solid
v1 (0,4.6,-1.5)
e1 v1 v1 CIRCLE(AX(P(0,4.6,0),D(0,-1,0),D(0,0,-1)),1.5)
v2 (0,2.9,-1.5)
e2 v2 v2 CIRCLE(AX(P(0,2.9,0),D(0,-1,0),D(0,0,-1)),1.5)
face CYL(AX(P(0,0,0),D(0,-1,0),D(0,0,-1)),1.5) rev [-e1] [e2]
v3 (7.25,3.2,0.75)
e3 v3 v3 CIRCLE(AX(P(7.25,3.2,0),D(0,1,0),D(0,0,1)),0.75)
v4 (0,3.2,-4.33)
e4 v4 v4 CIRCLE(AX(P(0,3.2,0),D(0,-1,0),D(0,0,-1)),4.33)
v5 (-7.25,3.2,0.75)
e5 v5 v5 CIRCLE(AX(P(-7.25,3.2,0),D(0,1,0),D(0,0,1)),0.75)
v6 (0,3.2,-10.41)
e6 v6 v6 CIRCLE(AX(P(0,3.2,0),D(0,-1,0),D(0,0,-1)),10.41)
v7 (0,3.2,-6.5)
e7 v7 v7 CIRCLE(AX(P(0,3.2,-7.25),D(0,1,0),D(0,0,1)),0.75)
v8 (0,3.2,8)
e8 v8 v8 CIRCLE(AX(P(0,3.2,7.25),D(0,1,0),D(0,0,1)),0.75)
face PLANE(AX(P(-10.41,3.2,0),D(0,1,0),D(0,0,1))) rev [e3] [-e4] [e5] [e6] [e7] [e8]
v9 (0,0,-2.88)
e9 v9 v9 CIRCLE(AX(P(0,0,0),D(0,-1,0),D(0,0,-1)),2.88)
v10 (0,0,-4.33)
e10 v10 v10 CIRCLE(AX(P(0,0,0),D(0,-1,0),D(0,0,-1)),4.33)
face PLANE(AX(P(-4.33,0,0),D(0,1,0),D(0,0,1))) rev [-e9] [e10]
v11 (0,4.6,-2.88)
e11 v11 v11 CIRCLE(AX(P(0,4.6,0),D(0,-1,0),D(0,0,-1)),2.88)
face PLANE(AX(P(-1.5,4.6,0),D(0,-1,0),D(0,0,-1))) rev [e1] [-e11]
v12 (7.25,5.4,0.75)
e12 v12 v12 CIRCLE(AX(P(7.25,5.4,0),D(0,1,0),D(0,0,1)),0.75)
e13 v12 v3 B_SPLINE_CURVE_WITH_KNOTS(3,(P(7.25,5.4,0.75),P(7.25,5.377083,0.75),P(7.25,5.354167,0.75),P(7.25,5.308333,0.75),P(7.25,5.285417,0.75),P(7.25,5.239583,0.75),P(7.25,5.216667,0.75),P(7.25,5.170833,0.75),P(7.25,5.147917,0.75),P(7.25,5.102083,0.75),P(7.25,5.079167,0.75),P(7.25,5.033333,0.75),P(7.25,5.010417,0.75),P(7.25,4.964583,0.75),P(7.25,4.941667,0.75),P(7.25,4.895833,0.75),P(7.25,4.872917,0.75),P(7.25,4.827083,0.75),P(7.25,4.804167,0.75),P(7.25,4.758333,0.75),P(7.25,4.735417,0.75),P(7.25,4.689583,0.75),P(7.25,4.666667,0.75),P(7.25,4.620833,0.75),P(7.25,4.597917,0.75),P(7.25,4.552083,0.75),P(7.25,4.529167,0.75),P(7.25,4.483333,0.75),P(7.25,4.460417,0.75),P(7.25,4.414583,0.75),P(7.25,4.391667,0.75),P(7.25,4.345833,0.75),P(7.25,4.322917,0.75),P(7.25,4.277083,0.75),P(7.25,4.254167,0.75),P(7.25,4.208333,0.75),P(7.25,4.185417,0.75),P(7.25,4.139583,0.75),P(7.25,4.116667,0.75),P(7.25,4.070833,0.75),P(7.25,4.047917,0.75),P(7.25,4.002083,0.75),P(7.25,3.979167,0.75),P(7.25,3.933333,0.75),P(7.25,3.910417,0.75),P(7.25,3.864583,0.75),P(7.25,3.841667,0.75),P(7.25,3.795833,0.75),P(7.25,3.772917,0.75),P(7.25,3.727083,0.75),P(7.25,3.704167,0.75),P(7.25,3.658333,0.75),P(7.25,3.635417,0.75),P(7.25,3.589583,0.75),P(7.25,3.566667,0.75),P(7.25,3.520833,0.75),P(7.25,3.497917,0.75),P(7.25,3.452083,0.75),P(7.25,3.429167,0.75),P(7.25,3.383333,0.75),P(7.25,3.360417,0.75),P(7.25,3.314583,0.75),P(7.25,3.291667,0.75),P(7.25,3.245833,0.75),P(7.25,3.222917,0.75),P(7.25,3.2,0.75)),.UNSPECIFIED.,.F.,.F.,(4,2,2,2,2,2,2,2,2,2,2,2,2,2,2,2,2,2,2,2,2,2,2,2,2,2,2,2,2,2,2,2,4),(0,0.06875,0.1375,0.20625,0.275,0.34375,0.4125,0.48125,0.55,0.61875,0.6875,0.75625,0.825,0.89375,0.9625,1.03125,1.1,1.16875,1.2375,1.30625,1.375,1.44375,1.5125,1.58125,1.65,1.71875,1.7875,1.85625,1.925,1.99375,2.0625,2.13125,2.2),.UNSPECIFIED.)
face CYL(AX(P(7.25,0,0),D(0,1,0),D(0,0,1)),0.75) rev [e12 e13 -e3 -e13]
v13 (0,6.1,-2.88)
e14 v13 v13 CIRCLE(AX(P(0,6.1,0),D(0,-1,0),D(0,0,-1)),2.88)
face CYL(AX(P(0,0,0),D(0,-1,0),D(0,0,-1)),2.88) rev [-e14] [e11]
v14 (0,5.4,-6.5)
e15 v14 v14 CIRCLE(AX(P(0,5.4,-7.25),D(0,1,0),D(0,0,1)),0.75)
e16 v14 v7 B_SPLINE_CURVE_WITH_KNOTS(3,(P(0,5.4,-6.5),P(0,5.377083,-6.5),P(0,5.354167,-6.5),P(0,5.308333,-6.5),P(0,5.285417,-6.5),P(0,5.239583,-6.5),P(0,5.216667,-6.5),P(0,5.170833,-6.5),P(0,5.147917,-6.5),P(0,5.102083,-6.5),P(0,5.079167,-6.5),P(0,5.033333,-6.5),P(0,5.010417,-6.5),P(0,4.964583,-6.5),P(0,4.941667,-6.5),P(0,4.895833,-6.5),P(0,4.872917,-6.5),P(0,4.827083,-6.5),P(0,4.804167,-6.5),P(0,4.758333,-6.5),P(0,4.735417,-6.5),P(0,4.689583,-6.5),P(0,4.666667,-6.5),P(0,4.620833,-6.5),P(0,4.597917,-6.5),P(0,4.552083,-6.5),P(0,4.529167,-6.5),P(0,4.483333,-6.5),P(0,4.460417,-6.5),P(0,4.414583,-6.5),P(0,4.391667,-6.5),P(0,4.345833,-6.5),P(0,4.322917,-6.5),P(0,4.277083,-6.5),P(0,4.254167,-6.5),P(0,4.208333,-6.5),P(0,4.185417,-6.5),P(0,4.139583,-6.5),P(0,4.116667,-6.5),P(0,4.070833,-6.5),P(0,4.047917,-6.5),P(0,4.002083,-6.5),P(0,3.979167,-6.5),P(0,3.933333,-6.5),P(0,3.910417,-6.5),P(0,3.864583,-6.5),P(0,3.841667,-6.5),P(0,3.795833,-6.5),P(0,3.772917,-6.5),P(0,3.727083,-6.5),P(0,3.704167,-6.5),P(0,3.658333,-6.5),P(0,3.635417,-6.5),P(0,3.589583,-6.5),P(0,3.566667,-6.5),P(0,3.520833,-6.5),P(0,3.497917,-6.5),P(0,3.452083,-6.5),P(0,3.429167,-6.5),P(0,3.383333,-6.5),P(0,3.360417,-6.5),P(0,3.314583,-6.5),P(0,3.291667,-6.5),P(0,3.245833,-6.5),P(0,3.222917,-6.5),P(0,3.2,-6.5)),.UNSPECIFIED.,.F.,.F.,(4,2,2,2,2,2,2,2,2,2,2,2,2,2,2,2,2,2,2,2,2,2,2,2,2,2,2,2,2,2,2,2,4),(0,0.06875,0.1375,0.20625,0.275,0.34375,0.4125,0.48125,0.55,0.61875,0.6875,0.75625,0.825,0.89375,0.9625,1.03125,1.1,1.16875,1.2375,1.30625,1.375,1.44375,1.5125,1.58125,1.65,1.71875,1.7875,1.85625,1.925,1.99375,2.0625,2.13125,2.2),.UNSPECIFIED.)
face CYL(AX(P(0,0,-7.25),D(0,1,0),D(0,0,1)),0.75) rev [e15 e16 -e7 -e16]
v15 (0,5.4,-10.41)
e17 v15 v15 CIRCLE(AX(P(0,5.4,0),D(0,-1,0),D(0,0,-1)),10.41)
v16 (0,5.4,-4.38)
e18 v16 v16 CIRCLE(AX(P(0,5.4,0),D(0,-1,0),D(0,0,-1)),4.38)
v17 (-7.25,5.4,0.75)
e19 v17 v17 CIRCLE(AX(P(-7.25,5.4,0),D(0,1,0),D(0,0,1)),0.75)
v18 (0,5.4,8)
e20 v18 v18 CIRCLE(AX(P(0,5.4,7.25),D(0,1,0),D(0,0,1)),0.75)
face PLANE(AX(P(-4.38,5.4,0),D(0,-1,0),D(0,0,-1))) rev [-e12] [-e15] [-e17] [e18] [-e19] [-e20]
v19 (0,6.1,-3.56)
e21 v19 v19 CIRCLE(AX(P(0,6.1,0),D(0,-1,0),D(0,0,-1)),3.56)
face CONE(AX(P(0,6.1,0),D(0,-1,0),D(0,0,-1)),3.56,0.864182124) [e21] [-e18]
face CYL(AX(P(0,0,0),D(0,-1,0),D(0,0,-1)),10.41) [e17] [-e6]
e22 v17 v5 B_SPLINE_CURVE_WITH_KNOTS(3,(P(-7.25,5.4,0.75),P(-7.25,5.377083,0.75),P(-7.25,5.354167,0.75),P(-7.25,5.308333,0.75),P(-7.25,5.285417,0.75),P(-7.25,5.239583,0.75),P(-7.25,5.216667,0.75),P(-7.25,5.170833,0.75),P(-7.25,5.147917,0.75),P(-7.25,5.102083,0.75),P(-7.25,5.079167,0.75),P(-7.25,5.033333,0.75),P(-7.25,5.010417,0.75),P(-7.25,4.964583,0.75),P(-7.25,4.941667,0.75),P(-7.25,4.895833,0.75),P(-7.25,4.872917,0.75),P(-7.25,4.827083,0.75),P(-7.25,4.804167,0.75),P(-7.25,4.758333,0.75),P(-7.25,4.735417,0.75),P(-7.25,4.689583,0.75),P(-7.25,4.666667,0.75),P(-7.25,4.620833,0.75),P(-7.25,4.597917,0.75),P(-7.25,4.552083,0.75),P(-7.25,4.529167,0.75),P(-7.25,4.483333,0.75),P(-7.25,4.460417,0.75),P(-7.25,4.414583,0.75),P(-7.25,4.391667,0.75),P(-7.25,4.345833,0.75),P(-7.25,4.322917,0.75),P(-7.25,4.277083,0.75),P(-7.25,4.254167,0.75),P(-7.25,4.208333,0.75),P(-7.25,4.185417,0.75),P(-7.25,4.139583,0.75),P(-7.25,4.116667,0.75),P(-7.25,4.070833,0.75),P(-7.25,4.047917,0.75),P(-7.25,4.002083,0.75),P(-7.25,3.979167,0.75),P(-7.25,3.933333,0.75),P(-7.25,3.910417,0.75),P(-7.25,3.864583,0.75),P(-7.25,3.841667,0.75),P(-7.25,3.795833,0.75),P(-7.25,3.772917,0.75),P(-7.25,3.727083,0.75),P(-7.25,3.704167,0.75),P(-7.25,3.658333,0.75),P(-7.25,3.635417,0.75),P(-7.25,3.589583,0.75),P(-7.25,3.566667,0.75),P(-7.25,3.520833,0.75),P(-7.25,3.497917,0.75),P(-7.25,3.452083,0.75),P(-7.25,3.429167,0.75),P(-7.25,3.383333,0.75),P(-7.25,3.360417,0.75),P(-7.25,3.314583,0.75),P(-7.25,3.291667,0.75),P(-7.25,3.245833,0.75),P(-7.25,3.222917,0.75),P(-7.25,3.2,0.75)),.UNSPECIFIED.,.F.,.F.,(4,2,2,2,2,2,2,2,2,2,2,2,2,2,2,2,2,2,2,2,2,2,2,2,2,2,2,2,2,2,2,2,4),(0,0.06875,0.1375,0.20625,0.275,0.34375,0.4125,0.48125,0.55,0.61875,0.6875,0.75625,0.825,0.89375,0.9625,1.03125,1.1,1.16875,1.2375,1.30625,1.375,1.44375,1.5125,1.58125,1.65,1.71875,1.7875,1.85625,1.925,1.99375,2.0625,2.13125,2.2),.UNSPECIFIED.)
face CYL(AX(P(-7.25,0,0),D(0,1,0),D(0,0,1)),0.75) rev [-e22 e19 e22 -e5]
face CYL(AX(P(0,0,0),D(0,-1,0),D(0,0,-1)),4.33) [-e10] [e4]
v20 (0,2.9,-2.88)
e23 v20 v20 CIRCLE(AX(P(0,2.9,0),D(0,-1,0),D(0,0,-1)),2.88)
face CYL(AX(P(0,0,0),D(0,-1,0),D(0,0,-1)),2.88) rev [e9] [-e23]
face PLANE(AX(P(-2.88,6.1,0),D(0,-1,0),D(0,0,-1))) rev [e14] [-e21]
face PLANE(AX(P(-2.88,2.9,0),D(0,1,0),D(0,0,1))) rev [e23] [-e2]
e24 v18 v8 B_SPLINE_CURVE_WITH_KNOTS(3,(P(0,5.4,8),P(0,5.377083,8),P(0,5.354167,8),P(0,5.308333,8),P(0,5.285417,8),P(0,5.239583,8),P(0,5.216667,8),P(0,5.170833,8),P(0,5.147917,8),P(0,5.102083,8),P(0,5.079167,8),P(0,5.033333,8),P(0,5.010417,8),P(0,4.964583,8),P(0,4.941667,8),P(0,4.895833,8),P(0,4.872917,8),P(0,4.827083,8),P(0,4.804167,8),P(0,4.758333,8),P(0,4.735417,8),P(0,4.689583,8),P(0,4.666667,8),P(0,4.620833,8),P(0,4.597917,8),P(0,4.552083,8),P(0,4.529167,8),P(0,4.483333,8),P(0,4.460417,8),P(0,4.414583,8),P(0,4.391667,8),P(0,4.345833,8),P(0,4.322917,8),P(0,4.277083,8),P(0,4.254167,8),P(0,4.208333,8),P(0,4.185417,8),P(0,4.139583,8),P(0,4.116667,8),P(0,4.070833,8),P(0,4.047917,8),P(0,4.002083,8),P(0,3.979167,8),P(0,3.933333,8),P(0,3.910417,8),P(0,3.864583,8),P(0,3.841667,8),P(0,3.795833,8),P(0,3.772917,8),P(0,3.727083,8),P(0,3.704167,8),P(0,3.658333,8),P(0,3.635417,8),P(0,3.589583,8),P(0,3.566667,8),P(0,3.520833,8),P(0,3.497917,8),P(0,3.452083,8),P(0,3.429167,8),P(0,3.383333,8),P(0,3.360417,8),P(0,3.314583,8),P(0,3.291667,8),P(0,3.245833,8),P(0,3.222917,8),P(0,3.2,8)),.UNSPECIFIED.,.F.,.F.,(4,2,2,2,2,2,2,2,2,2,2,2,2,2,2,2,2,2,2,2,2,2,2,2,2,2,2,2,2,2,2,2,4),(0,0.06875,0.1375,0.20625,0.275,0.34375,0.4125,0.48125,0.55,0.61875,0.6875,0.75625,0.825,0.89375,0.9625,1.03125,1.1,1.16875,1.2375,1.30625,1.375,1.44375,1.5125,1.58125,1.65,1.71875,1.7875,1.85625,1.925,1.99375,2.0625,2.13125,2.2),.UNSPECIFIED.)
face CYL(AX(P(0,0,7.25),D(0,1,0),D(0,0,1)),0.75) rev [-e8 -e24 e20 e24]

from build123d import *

# Parameters (mm, degrees)
SKETCH_2_R            = 0.75
CUT_EXTRUDE_619_DEPTH = 16.681077769


with BuildPart() as part:
    # 草图1 → 旋转1 (revolve)
    with BuildSketch(Plane.XY, mode=Mode.PRIVATE) as revolve_1_sk:
        Polygon((-2.88, 0), (-2.88, 2.9), (-1.5, 2.9), (-1.5, 4.6), (-2.88, 4.6), (-2.88, 6.1), (-3.56, 6.1), (-4.38, 5.4), (-10.41, 5.4), (-10.41, 3.2), (-4.33, 3.2), (-4.33, 0), align=None)
    revolve(revolve_1_sk.sketch.rotate(Axis((0, 0, 0), (0, 1, 0)), 270), axis=Axis((0, 0, 0), (0, 1, 0)))

    # 草图2 → Cut-Extrude 619 (cut, through all)
    with BuildSketch(Plane(origin=(0, 5.4, 0), x_dir=(1, 0, 0), z_dir=(0, 1, 0))):
        with Locations(Location((0, 7.25, 0), (0, 0, 270))):
            Circle(SKETCH_2_R)
        with Locations(Location((7.25, 0, 0), (0, 0, 270))):
            Circle(SKETCH_2_R)
        with Locations(Location((0, -7.25, 0), (0, 0, 270))):
            Circle(SKETCH_2_R)
        with Locations(Location((-7.25, 0, 0), (0, 0, 270))):
            Circle(SKETCH_2_R)
    extrude(amount=-CUT_EXTRUDE_619_DEPTH, mode=Mode.SUBTRACT)


solid = part.part
